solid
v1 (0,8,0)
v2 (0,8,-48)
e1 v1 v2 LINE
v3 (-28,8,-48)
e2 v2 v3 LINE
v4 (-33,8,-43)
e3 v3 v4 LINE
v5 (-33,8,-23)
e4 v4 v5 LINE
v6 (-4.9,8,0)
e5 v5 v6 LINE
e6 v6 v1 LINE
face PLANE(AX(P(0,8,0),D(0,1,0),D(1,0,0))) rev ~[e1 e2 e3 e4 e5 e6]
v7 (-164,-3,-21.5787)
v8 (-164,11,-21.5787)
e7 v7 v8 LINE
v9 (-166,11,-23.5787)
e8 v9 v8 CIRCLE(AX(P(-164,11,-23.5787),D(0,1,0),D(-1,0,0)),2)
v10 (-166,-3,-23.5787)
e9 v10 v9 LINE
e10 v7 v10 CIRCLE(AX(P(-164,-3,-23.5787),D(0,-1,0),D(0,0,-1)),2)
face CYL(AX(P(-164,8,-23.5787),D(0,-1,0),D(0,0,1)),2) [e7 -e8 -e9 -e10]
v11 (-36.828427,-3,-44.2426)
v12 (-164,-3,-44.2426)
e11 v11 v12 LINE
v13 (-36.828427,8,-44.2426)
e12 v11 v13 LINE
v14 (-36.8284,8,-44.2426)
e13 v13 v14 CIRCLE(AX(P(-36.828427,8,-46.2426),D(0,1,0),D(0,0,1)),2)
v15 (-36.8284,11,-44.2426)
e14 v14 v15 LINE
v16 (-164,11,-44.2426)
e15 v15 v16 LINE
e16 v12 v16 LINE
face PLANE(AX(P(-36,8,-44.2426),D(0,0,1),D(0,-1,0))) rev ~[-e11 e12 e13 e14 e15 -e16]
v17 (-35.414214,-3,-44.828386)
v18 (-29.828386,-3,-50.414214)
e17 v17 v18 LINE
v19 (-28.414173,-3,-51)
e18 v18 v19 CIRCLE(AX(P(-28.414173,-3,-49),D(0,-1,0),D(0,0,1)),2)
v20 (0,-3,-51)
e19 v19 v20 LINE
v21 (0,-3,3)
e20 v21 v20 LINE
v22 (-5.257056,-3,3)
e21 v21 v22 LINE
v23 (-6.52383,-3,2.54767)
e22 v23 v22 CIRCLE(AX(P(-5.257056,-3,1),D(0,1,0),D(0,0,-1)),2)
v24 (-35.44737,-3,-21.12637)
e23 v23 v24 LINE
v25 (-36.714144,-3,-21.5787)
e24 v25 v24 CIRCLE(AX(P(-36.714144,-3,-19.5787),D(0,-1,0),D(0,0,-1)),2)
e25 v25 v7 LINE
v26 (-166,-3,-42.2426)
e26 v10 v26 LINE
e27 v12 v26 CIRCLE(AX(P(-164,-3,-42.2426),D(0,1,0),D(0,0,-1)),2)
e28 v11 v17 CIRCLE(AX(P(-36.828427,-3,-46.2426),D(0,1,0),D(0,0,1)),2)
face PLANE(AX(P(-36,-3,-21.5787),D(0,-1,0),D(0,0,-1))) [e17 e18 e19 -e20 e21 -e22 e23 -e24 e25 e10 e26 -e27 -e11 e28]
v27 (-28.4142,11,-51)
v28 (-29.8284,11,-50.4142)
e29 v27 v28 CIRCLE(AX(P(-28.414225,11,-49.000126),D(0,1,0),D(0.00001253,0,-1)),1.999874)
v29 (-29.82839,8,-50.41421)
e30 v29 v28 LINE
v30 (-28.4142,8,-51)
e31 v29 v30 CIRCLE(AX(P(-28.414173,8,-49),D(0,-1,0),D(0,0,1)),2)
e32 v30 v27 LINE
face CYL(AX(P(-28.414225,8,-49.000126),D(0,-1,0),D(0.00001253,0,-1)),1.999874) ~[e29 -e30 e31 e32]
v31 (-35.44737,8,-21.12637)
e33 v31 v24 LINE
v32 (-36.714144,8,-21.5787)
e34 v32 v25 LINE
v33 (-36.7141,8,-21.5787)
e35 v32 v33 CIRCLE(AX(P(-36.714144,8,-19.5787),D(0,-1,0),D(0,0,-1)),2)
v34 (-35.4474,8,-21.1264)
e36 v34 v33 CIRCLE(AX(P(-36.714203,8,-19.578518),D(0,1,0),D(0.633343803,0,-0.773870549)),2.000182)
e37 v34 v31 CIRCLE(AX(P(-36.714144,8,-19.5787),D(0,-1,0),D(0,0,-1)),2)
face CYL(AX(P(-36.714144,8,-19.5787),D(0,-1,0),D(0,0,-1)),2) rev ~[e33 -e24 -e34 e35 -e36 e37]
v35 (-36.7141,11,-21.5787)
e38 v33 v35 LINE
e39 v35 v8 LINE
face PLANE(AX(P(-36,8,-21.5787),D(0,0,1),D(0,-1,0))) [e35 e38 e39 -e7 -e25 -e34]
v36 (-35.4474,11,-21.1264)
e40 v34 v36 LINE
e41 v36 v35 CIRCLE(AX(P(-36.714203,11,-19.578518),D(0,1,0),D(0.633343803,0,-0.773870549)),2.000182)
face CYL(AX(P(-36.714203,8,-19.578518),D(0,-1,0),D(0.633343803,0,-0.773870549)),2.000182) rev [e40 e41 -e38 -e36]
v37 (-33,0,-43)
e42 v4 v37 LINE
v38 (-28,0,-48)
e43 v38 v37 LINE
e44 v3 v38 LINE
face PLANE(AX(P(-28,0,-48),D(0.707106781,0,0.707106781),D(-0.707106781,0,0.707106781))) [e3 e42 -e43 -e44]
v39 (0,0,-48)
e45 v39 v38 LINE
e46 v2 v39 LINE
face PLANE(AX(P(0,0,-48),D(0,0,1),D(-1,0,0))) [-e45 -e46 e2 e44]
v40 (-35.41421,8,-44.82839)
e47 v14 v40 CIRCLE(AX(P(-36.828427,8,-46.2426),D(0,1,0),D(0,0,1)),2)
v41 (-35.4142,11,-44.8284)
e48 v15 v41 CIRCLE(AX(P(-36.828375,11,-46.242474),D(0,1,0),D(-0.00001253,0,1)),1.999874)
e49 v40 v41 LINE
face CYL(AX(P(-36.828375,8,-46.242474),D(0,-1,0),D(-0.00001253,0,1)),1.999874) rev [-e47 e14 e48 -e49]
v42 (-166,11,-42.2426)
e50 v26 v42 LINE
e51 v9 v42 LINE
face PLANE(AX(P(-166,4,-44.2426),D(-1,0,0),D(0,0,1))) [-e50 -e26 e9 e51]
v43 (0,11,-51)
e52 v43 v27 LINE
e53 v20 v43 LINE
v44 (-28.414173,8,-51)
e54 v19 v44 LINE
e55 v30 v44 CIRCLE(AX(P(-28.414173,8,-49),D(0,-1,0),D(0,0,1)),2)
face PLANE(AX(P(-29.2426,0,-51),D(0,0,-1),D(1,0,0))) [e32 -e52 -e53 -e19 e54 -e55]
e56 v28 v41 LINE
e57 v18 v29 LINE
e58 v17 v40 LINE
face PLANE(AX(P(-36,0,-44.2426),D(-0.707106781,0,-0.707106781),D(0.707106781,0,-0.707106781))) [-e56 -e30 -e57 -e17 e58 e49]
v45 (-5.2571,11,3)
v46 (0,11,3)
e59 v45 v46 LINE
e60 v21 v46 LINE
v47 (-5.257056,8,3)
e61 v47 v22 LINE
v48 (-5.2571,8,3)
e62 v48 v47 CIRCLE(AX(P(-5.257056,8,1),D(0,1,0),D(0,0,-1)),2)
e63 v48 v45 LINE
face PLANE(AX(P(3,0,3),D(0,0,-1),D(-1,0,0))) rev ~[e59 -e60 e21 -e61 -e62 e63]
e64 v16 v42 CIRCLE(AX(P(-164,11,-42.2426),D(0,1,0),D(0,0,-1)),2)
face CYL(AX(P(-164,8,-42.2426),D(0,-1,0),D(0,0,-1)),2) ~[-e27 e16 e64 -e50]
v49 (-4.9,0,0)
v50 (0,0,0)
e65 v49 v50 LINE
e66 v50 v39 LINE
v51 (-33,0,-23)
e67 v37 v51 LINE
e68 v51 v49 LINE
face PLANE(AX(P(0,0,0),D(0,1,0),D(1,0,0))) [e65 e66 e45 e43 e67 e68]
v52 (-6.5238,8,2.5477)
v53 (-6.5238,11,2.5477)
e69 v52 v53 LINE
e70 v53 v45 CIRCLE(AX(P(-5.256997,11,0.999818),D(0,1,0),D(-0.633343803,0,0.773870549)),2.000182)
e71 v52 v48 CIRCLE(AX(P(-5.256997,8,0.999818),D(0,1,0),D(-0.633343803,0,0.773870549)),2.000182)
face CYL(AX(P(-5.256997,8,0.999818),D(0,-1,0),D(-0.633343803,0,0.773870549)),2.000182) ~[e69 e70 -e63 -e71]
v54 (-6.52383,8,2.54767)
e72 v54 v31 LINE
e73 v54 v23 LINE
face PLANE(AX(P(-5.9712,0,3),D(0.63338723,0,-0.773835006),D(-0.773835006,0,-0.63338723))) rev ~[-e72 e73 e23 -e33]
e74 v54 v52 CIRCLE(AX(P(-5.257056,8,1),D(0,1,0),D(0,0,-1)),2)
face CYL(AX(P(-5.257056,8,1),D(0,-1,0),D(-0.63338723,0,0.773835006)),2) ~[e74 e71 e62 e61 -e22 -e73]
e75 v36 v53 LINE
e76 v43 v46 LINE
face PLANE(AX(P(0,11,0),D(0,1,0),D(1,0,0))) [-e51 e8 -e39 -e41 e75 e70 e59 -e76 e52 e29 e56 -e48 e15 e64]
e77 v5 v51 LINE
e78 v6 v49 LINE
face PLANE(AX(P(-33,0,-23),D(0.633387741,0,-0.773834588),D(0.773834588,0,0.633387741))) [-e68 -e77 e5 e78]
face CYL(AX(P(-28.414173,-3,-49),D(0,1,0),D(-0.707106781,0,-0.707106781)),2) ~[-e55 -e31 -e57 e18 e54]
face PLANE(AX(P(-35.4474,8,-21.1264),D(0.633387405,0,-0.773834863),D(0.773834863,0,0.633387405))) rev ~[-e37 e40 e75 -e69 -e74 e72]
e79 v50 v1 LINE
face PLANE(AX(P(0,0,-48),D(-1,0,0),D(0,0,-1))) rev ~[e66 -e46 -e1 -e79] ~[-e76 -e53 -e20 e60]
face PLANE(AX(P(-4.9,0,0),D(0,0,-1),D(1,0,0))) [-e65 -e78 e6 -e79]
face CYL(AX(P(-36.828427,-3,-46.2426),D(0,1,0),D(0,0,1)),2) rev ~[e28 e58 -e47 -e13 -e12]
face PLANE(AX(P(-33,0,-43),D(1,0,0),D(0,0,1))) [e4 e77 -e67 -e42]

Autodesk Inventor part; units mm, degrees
ref_plane "YZ Plane" through (0, 0, 0) normal (1, 0, 0) x (0, 1, 0)
ref_plane "XZ Plane" through (0, 0, 0) normal (0, 1, 0) x (-1, 0, 0)
ref_plane "XY Plane" through (0, 0, 0) normal (0, 0, 1) x (1, 0, 0)
sketch "Sketch1" plane through (0, 0, 0) normal (0, 1, 0) x (-1, 0, 0)
  line L0 (0, 0) -> (0, -48)
  line L1 (0, 0) -> (4.9, 0)
  line L2 (0, -24) -> (33, -24) construction
  line L3 (0, -48) -> (33, -48) construction
  line L4 (33, -48) -> (33, -43) construction
  line L5 (33, -48) -> (28, -48) construction
  line L6 (0, -48) -> (28, -48)
  line L7 (28, -48) -> (33, -43)
  line L8 (33, -43) -> (33, -23)
  line L9 (4.9, 0) -> (33, -23)
  dimension "d0" = 48
  dimension "d1" = 4.9
  dimension "d2" = 33
  dimension "d3" = 5
  dimension "d4" = 5
  dimension "d5" = 20
extrude "Extrusion1" add sketch "Sketch1" along normal blind 1
sketch "Sketch2" plane through (0, 1, 0) normal (0, 1, 0) x (1, 0, 0)
  line L0 (0, 0) -> (0, 48) projected
  line L1 (0, 48) -> (-28, 48) projected
  line L2 (-28, 48) -> (-33, 43) projected
  line L3 (-33, 43) -> (-33, 23) projected
  line L4 (-33, 23) -> (-4.9, 0) projected
  line L5 (-4.9, 0) -> (0, 0) projected
  line L6 (-5.9712, -3) -> (-36, 21.5787)
  line L7 (-36, 21.5787) -> (-36, 44.2426)
  line L8 (-36, 44.2426) -> (-29.2426, 51)
  line L9 (-29.2426, 51) -> (3, 51)
  line L10 (3, 51) -> (3, -3)
  line L11 (3, -3) -> (-5.9712, -3)
  dimension "d8" = 3
extrude "Extrusion2" add sketch "Sketch2" along normal blind 3 contours L5 L4 L3 L2 L1 L0 | L6 L7 L8 L9 L10 L11
sketch "Sketch3" plane through (0, 0, 0) normal (0, -1, 0) x (1, 0, 0)
  line L0 (0, 0) -> (0, -48) projected
  line L1 (-4.9, 0) -> (0, 0) projected
  line L2 (-33, -23) -> (-4.9, 0) projected
  line L3 (-33, -43) -> (-33, -23) projected
  line L4 (-28, -48) -> (-33, -43) projected
  line L5 (0, -48) -> (-28, -48) projected
  line L6 (3, -51) -> (3, 3)
  line L7 (3, 3) -> (-5.9712, 3)
  line L8 (-5.9712, 3) -> (-36, -21.5787)
  line L9 (-36, -21.5787) -> (-36, -44.2426)
  line L10 (-36, -44.2426) -> (-29.2426, -51)
  line L11 (-29.2426, -51) -> (3, -51)
  dimension "d11" = 3
extrude "Extrusion3" add sketch "Sketch3" along normal blind 3 contours L0 L5 L4 L3 L2 L1 | L11 L10 L9 L8 L7 L6
sketch "Sketch4" plane through (0, 0, 0) normal (0, 1, 0) x (1, 0, 0)
  line L0 (3, 51) -> (3, -3) projected
  line L1 (-29.2426, 51) -> (3, 51) projected
  line L2 (-36, 44.2426) -> (-29.2426, 51) projected
  line L3 (-36, 21.5787) -> (-36, 44.2426) projected
  line L4 (-5.9712, -3) -> (-36, 21.5787) projected
  line L5 (3, -3) -> (-5.9712, -3) projected
  line L6 (-4.9, 0) -> (0, 0) projected
  line L7 (-33, 23) -> (-4.9, 0) projected
  line L8 (-33, 43) -> (-33, 23) projected
  line L9 (-28, 48) -> (-33, 43) projected
  line L10 (0, 48) -> (-28, 48) projected
  line L11 (0, 0) -> (0, 48) projected
  line L12 (0, 0) -> (0, 48) projected
  line L13 (0, 48) -> (0, 51)
  line L14 (0, 0) -> (0, -3)
  line L15 (3, -3) -> (-5.9712, -3) projected
extrude "Extrusion4" add sketch "Sketch4" along normal blind 8 contours L13 L10 L9 L8 L7 L6 L14 L5 L4 L3 L2 L1
sketch "Sketch5" plane through (-36, 4, -44.2426) normal (-1, 0, 0) x (0, 0, 1)
  line L0 (0, 4) -> (0, -7) projected
  line L1 (22.6639, -7) -> (0, -7) projected
  line L2 (22.6639, 4) -> (22.6639, -7) projected
  line L3 (0, 4) -> (22.6639, 4) projected
  point P0 (44.2426, -4)
extrude "Extrusion5" add sketch "Sketch5" along normal blind 130
fillet "Fillet1" radius 2 6 edges at (-36, 2.5, -44.2426) (-36, 2.5, -21.5787) (-5.9712, 2.5, 3) (-29.2426, 2.5, -51) (-166, 2.5, -44.2426) (-166, 2.5, -21.5787)
sketch "Sketch6" plane through (0, 0, 0) normal (0, 1, 0) x (1, 0, 0)
  line L0 (0, -3) -> (0, 51) projected
  line L1 (3, -3) -> (0, -3) projected
  line L2 (3, 51) -> (3, -3) projected
  line L3 (0, 51) -> (3, 51) projected
  point P0 (0, 0)
extrude "Extrusion6" cut sketch "Sketch6" along normal blind 130 and the other way blind 65
sketch "Sketch7" plane through (0, 4, 0) normal (0, 1, 0) x (1, 0, 0)
  line L0 (0, 0) -> (0, 48) projected
  line L1 (0, 48) -> (-28, 48) projected
  line L2 (-28, 48) -> (-33, 43) projected
  line L3 (-33, 43) -> (-33, 23) projected
  line L4 (-33, 23) -> (-4.9, 0) projected
  line L5 (-4.9, 0) -> (0, 0) projected
extrude "Extrusion7" cut sketch "Sketch7" against normal blind 4
sketch "Sketch8" plane through (0, -3, 3) normal (1, 0, 0) x (0, 0, -1)
  point P0 (3, 3)
sketch "Sketch9" plane through (0, 8, 0) normal (0, 1, 0) x (1, 0, 0)
  line L0 (0, 48) -> (0, 0) projected
  line L1 (-28, 48) -> (0, 48) projected
  line L2 (-33, 43) -> (-28, 48) projected
  line L3 (-33, 23) -> (-33, 43) projected
  line L4 (-4.9, 0) -> (-33, 23) projected
  line L5 (0, 0) -> (-4.9, 0) projected
  arc A0 (-166, 23.5787) -> (-164, 21.5787) centre (-164, 23.5787) ccw projected
  line L6 (-36.7141, 21.5787) -> (-164, 21.5787) projected
  arc A1 (-35.4474, 21.1264) -> (-36.7141, 21.5787) centre (-36.7141, 19.5787) ccw projected
  line L7 (-35.4474, 21.1264) -> (-6.5238, -2.5477) projected
  arc A2 (-6.5238, -2.5477) -> (-5.2571, -3) centre (-5.2571, -1) ccw projected
  line L8 (-5.2571, -3) -> (0, -3) projected
  line L9 (0, -3) -> (0, 0) projected
  line L10 (0, 0) -> (-4.9, 0) projected
  line L11 (-4.9, 0) -> (-33, 23) projected
  line L12 (-33, 23) -> (-33, 43) projected
  line L13 (-33, 43) -> (-28, 48) projected
  line L14 (-28, 48) -> (0, 48) projected
  line L15 (0, 48) -> (0, 51) projected
  line L16 (0, 51) -> (-28.4142, 51) projected
  arc A3 (-28.4142, 51) -> (-29.8284, 50.4142) centre (-28.4142, 49) ccw projected
  line L17 (-29.8284, 50.4142) -> (-35.4142, 44.8284) projected
  arc A4 (-36.8284, 44.2426) -> (-35.4142, 44.8284) centre (-36.8284, 46.2426) ccw projected
  line L18 (-36.8284, 44.2426) -> (-164, 44.2426) projected
  arc A5 (-164, 44.2426) -> (-166, 42.2426) centre (-164, 42.2426) ccw projected
  line L19 (-166, 23.5787) -> (-166, 42.2426) projected
extrude "Extrusion8" add sketch "Sketch9" along normal blind 3
properties part number "PATAS"
